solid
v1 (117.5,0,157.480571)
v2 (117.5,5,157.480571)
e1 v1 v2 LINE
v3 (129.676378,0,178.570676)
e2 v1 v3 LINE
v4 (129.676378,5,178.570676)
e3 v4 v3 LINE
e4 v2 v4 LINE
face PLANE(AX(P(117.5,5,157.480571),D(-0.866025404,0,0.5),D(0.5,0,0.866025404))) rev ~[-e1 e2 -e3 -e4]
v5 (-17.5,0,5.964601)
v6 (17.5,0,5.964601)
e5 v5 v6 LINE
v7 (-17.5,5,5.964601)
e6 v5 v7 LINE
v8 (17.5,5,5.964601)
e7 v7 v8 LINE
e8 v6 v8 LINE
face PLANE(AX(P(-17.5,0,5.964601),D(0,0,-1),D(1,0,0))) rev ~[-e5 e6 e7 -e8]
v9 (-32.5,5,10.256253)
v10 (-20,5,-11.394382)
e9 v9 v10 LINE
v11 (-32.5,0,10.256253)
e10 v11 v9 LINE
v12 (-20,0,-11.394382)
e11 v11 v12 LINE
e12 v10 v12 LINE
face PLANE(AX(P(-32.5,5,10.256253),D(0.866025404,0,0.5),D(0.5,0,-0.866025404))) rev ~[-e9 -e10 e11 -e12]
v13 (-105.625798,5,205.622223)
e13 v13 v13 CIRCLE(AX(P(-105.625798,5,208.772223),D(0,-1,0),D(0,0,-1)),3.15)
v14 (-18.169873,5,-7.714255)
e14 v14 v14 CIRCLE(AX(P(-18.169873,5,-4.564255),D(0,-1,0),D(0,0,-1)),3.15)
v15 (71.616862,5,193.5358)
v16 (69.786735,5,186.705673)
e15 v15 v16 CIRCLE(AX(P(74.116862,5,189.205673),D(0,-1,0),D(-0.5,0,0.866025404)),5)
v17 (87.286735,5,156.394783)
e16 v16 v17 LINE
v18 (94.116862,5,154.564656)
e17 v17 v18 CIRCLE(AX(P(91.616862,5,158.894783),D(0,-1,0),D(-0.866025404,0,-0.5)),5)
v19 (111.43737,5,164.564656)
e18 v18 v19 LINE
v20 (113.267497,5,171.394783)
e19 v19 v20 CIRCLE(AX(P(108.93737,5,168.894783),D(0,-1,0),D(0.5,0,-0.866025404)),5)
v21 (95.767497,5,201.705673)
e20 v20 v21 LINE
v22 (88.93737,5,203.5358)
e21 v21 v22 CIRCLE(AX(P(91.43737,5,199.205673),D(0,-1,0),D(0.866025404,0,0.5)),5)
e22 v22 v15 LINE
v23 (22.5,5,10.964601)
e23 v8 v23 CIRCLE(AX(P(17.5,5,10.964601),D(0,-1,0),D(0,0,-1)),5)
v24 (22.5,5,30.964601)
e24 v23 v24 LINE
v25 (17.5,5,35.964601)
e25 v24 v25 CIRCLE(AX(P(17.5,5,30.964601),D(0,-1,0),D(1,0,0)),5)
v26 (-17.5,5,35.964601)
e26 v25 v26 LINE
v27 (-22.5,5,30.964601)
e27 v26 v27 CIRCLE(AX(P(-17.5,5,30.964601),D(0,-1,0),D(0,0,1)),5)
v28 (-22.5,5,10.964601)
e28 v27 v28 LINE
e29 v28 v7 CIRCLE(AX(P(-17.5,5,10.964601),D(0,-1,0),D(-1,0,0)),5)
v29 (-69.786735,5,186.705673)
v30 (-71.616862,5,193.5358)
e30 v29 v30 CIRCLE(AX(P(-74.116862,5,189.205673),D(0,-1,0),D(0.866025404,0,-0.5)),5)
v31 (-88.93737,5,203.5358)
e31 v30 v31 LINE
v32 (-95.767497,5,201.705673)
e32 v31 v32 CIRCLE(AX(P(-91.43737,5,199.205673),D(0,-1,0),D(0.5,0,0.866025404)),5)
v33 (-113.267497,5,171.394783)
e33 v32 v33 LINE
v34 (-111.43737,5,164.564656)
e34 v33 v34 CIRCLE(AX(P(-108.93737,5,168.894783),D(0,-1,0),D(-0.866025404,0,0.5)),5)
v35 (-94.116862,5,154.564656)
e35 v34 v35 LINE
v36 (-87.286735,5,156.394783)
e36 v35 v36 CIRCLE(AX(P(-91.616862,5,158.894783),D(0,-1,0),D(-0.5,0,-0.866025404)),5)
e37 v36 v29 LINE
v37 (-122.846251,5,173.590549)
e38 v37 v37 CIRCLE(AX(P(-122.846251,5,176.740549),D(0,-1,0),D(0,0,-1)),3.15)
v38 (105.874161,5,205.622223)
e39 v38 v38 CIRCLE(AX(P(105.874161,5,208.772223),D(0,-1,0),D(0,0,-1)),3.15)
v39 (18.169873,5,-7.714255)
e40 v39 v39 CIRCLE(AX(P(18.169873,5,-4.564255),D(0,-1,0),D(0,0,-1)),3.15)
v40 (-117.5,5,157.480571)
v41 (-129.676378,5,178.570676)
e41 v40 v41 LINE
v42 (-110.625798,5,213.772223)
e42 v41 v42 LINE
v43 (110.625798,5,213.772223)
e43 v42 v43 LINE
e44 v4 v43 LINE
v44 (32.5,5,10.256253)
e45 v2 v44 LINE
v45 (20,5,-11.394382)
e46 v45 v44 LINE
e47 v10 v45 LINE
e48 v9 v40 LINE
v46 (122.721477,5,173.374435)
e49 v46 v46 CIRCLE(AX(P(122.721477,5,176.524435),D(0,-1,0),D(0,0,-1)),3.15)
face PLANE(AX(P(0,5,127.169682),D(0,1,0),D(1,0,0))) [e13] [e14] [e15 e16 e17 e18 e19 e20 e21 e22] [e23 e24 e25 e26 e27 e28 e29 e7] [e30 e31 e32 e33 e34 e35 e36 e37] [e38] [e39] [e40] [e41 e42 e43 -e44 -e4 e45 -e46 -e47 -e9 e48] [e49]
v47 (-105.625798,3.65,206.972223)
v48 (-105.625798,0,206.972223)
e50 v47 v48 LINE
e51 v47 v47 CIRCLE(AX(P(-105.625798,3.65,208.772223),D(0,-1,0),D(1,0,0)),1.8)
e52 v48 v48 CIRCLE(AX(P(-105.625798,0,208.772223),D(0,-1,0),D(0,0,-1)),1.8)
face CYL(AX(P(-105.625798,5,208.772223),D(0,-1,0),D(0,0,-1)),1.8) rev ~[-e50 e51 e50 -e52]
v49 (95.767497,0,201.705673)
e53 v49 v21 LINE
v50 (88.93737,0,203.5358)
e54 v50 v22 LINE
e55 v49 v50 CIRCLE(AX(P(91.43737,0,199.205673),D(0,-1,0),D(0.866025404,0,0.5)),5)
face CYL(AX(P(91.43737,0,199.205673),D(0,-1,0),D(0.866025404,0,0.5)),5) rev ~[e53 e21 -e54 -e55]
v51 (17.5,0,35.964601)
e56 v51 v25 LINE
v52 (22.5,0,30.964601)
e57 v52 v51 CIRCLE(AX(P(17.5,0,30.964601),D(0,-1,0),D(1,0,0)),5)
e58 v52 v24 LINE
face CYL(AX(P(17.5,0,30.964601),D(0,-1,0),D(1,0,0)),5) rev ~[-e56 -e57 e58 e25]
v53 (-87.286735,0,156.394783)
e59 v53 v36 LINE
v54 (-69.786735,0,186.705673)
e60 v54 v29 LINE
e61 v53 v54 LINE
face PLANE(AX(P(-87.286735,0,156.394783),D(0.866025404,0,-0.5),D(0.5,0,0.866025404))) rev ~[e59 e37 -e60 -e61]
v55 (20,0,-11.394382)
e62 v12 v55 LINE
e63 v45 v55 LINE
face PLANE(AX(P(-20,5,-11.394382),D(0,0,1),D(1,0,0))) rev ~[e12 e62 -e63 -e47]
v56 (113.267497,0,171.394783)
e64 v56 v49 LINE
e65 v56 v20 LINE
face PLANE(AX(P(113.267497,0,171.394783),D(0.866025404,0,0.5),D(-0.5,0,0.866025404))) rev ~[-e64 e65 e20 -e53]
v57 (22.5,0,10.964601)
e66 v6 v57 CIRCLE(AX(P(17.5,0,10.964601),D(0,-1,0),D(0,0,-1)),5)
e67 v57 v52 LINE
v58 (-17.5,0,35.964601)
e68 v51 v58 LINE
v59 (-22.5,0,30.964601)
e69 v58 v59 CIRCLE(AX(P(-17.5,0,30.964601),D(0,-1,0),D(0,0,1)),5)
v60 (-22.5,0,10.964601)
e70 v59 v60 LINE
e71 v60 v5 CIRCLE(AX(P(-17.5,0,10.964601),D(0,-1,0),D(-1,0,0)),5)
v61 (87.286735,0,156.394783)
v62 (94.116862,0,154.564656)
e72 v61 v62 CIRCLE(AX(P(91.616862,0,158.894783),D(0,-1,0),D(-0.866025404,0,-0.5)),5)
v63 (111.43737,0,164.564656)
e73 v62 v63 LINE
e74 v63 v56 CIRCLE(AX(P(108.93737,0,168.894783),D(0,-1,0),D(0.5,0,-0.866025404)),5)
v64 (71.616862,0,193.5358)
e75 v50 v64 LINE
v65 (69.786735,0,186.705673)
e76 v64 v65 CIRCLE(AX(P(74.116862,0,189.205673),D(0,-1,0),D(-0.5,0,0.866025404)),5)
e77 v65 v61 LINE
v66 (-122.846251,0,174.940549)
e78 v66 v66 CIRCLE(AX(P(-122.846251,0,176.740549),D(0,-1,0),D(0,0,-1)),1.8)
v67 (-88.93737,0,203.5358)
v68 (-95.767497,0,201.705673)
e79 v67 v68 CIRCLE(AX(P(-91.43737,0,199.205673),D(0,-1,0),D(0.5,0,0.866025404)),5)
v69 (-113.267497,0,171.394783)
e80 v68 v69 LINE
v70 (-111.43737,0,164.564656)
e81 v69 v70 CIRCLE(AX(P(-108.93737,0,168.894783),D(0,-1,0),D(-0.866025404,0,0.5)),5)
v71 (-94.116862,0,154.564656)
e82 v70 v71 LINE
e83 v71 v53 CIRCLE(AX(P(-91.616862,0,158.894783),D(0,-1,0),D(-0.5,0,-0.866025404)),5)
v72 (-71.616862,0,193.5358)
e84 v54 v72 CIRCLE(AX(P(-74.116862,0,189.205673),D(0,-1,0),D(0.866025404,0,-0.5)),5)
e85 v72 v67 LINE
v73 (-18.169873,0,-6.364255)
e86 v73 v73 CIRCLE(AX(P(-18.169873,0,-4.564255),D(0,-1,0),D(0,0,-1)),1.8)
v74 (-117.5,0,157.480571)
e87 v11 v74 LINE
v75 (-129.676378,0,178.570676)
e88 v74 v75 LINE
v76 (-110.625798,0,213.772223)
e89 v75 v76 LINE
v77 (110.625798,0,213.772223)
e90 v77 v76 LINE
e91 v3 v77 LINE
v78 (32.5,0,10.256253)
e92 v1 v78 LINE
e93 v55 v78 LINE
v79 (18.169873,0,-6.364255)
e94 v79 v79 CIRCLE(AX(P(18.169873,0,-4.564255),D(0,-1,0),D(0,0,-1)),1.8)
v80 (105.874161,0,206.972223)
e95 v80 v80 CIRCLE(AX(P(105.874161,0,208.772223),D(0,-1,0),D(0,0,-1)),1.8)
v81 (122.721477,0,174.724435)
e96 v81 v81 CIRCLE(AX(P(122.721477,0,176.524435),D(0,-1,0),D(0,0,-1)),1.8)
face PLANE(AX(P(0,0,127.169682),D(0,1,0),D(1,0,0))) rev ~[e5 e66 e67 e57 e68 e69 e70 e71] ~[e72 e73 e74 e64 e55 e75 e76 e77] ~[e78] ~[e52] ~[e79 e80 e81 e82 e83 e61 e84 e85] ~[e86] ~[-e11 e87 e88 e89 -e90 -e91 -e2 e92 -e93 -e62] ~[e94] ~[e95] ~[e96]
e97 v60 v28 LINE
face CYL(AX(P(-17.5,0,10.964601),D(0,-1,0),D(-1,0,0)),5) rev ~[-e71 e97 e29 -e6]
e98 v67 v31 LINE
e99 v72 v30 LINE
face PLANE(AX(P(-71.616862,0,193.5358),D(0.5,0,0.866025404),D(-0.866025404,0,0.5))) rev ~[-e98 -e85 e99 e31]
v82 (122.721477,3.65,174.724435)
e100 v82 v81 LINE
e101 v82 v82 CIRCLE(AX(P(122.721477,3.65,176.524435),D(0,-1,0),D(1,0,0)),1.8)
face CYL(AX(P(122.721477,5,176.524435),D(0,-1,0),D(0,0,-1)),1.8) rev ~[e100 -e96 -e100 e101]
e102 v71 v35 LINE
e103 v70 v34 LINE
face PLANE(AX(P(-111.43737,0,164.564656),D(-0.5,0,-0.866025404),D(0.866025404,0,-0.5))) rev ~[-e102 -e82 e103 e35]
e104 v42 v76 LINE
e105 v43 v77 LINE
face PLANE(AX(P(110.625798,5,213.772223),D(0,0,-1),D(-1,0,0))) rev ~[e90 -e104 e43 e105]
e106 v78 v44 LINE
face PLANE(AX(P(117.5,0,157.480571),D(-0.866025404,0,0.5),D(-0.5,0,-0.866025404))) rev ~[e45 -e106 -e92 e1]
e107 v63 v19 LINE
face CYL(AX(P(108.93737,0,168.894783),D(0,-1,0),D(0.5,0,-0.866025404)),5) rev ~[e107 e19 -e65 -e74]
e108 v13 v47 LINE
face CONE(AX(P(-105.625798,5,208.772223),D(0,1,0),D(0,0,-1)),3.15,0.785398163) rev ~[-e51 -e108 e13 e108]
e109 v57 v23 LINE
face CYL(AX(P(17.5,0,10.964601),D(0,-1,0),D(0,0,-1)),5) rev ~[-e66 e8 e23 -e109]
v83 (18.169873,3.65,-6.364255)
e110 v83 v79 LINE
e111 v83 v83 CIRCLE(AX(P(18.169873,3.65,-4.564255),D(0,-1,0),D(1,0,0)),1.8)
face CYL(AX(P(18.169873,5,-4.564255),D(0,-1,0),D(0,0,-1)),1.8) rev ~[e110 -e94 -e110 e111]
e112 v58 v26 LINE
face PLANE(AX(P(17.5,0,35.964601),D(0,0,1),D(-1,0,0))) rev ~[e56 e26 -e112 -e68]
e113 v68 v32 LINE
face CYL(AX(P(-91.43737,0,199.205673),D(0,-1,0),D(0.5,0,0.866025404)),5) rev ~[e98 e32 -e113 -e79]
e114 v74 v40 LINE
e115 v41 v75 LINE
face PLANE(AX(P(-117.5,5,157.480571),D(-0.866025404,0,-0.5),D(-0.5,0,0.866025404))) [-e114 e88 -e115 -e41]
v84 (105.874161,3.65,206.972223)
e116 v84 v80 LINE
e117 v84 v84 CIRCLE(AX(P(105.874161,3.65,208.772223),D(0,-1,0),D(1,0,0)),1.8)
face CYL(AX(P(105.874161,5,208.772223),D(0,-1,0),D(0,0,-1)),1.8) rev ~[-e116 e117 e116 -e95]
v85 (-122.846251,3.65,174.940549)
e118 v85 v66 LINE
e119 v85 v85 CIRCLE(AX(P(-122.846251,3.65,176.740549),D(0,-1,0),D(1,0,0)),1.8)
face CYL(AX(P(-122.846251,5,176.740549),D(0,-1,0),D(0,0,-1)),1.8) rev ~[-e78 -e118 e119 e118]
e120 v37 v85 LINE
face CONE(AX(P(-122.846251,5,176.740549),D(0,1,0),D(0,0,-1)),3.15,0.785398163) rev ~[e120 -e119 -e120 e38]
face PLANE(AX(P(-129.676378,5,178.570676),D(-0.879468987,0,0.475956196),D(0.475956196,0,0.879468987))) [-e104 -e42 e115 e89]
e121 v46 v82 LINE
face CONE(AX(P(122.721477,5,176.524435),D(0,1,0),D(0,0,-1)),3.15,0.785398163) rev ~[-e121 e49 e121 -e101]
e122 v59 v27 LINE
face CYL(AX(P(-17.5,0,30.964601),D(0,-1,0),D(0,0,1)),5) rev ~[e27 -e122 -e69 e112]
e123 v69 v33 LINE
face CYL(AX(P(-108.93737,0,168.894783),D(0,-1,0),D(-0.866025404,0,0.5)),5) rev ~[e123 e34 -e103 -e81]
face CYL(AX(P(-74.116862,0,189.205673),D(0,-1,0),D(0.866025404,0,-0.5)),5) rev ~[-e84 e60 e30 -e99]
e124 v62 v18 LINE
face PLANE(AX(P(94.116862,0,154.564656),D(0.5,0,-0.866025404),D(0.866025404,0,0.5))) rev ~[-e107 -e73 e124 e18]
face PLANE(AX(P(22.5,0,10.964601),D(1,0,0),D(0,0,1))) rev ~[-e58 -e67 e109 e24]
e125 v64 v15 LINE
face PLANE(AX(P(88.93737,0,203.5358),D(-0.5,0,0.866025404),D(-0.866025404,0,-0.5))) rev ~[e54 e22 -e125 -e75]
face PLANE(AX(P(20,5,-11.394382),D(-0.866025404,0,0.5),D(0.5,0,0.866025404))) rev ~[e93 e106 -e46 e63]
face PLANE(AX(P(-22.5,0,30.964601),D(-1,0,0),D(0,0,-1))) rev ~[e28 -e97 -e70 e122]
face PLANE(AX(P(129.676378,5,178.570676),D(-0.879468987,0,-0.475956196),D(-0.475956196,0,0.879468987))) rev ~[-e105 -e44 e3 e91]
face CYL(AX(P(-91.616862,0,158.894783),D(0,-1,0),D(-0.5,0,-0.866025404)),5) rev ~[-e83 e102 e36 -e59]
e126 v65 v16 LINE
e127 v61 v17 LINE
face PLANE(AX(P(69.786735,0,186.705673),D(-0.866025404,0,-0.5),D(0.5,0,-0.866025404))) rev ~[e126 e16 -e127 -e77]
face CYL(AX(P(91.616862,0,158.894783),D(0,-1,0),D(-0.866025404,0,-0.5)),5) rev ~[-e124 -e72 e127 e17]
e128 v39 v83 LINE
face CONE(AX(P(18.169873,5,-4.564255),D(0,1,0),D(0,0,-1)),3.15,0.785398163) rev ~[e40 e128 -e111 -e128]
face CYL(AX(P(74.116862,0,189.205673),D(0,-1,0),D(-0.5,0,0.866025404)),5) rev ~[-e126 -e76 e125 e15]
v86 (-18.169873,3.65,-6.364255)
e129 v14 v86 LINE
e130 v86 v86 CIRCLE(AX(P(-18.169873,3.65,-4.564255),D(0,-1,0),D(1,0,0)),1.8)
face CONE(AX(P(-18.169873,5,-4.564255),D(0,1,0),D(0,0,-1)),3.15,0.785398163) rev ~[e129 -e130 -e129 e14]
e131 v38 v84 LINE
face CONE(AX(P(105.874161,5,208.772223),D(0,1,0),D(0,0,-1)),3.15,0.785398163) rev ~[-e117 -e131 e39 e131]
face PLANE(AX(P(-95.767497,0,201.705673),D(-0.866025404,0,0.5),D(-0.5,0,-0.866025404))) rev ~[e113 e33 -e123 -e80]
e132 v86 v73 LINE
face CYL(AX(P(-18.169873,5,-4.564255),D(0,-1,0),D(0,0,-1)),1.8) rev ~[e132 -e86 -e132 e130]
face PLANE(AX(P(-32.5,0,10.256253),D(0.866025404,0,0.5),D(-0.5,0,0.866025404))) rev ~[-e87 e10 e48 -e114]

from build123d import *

# Parameters (mm, degrees)
BOSS_EXTRU_1_DEPTH                                = 5
FRAISAGE_POUR_T_TE_FRAIS_E_BOMB_E_M31_D           = 3.6
FRAISAGE_POUR_T_TE_FRAIS_E_BOMB_E_M31_CSINK_D     = 6.3
FRAISAGE_POUR_T_TE_FRAIS_E_BOMB_E_M31_CSINK_ANGLE = 90
ENL_V_MAT_EXTRU_1_DEPTH                           = 10


with BuildPart() as part:
    # Esquisse1 → Boss.-Extru.1 (new body)
    with BuildSketch(Plane(origin=(0, 0, 0), x_dir=(1, 0, 0), z_dir=(0, 1, 0))):
        with BuildLine():
            Line((-32.5, -10.256252677), (-117.5, -157.48057132))
            Line((-117.5, -157.48057132), (-169.461524227, -187.48057132))
            ThreePointArc((-169.461524227, -187.48057132), (-178.328455444, -230.127663943), (-136.961524227, -243.772222566))
            Line((-136.961524227, -243.772222566), (-85, -213.772222566))
            Line((-85, -213.772222566), (85, -213.772222566))
            Line((85, -213.772222566), (136.961524227, -243.772222566))
            ThreePointArc((136.961524227, -243.772222566), (178.328455444, -230.127663943), (169.461524227, -187.48057132))
            Line((169.461524227, -187.48057132), (117.5, -157.48057132))
            Line((117.5, -157.48057132), (32.5, -10.256252677))
            Line((32.5, -10.256252677), (32.5, 49.743747323))
            ThreePointArc((32.5, 49.743747323), (0, 78.746281322), (-32.5, 49.743747323))
            Line((-32.5, 49.743747323), (-32.5, -10.256252677))
        make_face()
        with BuildLine():
            ThreePointArc((-88.937370367, -203.535799534), (-92.731465593, -204.035301647), (-95.767497386, -201.705672515))
            Line((-95.767497386, -201.705672515), (-113.267497386, -171.394783383))
            ThreePointArc((-113.267497386, -171.394783383), (-113.766999499, -167.600688157), (-111.437370367, -164.564656364))
            Line((-111.437370367, -164.564656364), (-94.116862291, -154.564656364))
            ThreePointArc((-94.116862291, -154.564656364), (-90.322767066, -154.065154251), (-87.286735273, -156.394783383))
            Line((-87.286735273, -156.394783383), (-69.786735273, -186.705672515))
            ThreePointArc((-69.786735273, -186.705672515), (-69.28723316, -190.499767741), (-71.616862291, -193.535799534))
            Line((-71.616862291, -193.535799534), (-88.937370367, -203.535799534))
        make_face(mode=Mode.SUBTRACT)
        with BuildLine():
            ThreePointArc((71.616862291, -193.535799534), (69.28723316, -190.499767741), (69.786735273, -186.705672515))
            Line((69.786735273, -186.705672515), (87.286735273, -156.394783383))
            ThreePointArc((87.286735273, -156.394783383), (90.322767066, -154.065154251), (94.116862291, -154.564656364))
            Line((94.116862291, -154.564656364), (111.437370367, -164.564656364))
            ThreePointArc((111.437370367, -164.564656364), (113.766999499, -167.600688157), (113.267497386, -171.394783383))
            Line((113.267497386, -171.394783383), (95.767497386, -201.705672515))
            ThreePointArc((95.767497386, -201.705672515), (92.731465593, -204.035301647), (88.937370367, -203.535799534))
            Line((88.937370367, -203.535799534), (71.616862291, -193.535799534))
        make_face(mode=Mode.SUBTRACT)
        with BuildLine():
            Line((17.5, -35.964601431), (-17.5, -35.964601431))
            ThreePointArc((-17.5, -35.964601431), (-21.035533906, -34.500135337), (-22.5, -30.964601431))
            Line((-22.5, -30.964601431), (-22.5, -10.964601431))
            ThreePointArc((-22.5, -10.964601431), (-21.035533906, -7.429067525), (-17.5, -5.964601431))
            Line((-17.5, -5.964601431), (17.5, -5.964601431))
            ThreePointArc((17.5, -5.964601431), (21.035533906, -7.429067525), (22.5, -10.964601431))
            Line((22.5, -10.964601431), (22.5, -30.964601431))
            ThreePointArc((22.5, -30.964601431), (21.035533906, -34.500135337), (17.5, -35.964601431))
        make_face(mode=Mode.SUBTRACT)
    extrude(amount=BOSS_EXTRU_1_DEPTH)

    # Fraisage pour tête fraisée bombée M31 (through all)
    with Locations(Plane(origin=(18.169872981, 5, -4.564255399), x_dir=(0, 0, 1), z_dir=(0, 1, 0))):
        with Locations((0, 0), (181.304804312, -141.016123537), (213.336477965, -123.795670618), (0, -36.339745962), (181.088690368, 104.551604131), (213.336477965, 87.70428834)):
            CounterSinkHole(FRAISAGE_POUR_T_TE_FRAIS_E_BOMB_E_M31_D / 2, FRAISAGE_POUR_T_TE_FRAIS_E_BOMB_E_M31_CSINK_D / 2, counter_sink_angle=FRAISAGE_POUR_T_TE_FRAIS_E_BOMB_E_M31_CSINK_ANGLE)

    # Esquisse5 → Enlèv. mat.-Extru.1 (cut)
    with BuildSketch(Plane(origin=(0, 5, 0), x_dir=(1, 0, 0), z_dir=(0, 1, 0))):
        with BuildLine():
            Line((-117.5, -157.48057132), (-129.676377575, -178.570675931))
            Line((-129.676377575, -178.570675931), (-110.625797637, -213.772222566))
            Line((-110.625797637, -213.772222566), (-85, -213.772222566))
            add(Edge.make_bspline(
                [(-117.5, -157.48057132), (-151.940688813, -148.613043489), (-277.037698094, -222.560603045), (-150.450766074, -316.414471558), (-56.420377815, -257.105249939), (-85, -213.772222566)],
                knots=[0, 0, 0, 0, 0.411814668, 0.638484528, 1, 1, 1, 1], degree=3))
        make_face()
        with BuildLine():
            Line((-32.5, -10.256252677), (-20, 11.394382418))
            Line((-20, 11.394382418), (20, 11.394382418))
            Line((20, 11.394382418), (32.5, -10.256252677))
            add(Edge.make_bspline(
                [(0, 98.703141202), (74.821178569, 66.789103835), (32.5, -10.256252677)],
                knots=[0, 0, 0, 1, 1, 1], degree=2))
            add(Edge.make_bspline(
                [(0, 98.703141202), (-74.821178569, 66.789103835), (-32.5, -10.256252677)],
                knots=[0, 0, 0, 1, 1, 1], degree=2))
        make_face()
        with BuildLine():
            Line((117.5, -157.48057132), (129.676377575, -178.570675931))
            Line((129.676377575, -178.570675931), (110.625797637, -213.772222566))
            Line((110.625797637, -213.772222566), (85, -213.772222566))
            add(Edge.make_bspline(
                [(117.5, -157.48057132), (151.940688813, -148.613043489), (277.037698094, -222.560603045), (150.450766074, -316.414471558), (56.420377815, -257.105249939), (85, -213.772222566)],
                knots=[0, 0, 0, 0, 0.411814668, 0.638484528, 1, 1, 1, 1], degree=3))
        make_face()
    extrude(amount=-ENL_V_MAT_EXTRU_1_DEPTH, mode=Mode.SUBTRACT)


solid = part.part
